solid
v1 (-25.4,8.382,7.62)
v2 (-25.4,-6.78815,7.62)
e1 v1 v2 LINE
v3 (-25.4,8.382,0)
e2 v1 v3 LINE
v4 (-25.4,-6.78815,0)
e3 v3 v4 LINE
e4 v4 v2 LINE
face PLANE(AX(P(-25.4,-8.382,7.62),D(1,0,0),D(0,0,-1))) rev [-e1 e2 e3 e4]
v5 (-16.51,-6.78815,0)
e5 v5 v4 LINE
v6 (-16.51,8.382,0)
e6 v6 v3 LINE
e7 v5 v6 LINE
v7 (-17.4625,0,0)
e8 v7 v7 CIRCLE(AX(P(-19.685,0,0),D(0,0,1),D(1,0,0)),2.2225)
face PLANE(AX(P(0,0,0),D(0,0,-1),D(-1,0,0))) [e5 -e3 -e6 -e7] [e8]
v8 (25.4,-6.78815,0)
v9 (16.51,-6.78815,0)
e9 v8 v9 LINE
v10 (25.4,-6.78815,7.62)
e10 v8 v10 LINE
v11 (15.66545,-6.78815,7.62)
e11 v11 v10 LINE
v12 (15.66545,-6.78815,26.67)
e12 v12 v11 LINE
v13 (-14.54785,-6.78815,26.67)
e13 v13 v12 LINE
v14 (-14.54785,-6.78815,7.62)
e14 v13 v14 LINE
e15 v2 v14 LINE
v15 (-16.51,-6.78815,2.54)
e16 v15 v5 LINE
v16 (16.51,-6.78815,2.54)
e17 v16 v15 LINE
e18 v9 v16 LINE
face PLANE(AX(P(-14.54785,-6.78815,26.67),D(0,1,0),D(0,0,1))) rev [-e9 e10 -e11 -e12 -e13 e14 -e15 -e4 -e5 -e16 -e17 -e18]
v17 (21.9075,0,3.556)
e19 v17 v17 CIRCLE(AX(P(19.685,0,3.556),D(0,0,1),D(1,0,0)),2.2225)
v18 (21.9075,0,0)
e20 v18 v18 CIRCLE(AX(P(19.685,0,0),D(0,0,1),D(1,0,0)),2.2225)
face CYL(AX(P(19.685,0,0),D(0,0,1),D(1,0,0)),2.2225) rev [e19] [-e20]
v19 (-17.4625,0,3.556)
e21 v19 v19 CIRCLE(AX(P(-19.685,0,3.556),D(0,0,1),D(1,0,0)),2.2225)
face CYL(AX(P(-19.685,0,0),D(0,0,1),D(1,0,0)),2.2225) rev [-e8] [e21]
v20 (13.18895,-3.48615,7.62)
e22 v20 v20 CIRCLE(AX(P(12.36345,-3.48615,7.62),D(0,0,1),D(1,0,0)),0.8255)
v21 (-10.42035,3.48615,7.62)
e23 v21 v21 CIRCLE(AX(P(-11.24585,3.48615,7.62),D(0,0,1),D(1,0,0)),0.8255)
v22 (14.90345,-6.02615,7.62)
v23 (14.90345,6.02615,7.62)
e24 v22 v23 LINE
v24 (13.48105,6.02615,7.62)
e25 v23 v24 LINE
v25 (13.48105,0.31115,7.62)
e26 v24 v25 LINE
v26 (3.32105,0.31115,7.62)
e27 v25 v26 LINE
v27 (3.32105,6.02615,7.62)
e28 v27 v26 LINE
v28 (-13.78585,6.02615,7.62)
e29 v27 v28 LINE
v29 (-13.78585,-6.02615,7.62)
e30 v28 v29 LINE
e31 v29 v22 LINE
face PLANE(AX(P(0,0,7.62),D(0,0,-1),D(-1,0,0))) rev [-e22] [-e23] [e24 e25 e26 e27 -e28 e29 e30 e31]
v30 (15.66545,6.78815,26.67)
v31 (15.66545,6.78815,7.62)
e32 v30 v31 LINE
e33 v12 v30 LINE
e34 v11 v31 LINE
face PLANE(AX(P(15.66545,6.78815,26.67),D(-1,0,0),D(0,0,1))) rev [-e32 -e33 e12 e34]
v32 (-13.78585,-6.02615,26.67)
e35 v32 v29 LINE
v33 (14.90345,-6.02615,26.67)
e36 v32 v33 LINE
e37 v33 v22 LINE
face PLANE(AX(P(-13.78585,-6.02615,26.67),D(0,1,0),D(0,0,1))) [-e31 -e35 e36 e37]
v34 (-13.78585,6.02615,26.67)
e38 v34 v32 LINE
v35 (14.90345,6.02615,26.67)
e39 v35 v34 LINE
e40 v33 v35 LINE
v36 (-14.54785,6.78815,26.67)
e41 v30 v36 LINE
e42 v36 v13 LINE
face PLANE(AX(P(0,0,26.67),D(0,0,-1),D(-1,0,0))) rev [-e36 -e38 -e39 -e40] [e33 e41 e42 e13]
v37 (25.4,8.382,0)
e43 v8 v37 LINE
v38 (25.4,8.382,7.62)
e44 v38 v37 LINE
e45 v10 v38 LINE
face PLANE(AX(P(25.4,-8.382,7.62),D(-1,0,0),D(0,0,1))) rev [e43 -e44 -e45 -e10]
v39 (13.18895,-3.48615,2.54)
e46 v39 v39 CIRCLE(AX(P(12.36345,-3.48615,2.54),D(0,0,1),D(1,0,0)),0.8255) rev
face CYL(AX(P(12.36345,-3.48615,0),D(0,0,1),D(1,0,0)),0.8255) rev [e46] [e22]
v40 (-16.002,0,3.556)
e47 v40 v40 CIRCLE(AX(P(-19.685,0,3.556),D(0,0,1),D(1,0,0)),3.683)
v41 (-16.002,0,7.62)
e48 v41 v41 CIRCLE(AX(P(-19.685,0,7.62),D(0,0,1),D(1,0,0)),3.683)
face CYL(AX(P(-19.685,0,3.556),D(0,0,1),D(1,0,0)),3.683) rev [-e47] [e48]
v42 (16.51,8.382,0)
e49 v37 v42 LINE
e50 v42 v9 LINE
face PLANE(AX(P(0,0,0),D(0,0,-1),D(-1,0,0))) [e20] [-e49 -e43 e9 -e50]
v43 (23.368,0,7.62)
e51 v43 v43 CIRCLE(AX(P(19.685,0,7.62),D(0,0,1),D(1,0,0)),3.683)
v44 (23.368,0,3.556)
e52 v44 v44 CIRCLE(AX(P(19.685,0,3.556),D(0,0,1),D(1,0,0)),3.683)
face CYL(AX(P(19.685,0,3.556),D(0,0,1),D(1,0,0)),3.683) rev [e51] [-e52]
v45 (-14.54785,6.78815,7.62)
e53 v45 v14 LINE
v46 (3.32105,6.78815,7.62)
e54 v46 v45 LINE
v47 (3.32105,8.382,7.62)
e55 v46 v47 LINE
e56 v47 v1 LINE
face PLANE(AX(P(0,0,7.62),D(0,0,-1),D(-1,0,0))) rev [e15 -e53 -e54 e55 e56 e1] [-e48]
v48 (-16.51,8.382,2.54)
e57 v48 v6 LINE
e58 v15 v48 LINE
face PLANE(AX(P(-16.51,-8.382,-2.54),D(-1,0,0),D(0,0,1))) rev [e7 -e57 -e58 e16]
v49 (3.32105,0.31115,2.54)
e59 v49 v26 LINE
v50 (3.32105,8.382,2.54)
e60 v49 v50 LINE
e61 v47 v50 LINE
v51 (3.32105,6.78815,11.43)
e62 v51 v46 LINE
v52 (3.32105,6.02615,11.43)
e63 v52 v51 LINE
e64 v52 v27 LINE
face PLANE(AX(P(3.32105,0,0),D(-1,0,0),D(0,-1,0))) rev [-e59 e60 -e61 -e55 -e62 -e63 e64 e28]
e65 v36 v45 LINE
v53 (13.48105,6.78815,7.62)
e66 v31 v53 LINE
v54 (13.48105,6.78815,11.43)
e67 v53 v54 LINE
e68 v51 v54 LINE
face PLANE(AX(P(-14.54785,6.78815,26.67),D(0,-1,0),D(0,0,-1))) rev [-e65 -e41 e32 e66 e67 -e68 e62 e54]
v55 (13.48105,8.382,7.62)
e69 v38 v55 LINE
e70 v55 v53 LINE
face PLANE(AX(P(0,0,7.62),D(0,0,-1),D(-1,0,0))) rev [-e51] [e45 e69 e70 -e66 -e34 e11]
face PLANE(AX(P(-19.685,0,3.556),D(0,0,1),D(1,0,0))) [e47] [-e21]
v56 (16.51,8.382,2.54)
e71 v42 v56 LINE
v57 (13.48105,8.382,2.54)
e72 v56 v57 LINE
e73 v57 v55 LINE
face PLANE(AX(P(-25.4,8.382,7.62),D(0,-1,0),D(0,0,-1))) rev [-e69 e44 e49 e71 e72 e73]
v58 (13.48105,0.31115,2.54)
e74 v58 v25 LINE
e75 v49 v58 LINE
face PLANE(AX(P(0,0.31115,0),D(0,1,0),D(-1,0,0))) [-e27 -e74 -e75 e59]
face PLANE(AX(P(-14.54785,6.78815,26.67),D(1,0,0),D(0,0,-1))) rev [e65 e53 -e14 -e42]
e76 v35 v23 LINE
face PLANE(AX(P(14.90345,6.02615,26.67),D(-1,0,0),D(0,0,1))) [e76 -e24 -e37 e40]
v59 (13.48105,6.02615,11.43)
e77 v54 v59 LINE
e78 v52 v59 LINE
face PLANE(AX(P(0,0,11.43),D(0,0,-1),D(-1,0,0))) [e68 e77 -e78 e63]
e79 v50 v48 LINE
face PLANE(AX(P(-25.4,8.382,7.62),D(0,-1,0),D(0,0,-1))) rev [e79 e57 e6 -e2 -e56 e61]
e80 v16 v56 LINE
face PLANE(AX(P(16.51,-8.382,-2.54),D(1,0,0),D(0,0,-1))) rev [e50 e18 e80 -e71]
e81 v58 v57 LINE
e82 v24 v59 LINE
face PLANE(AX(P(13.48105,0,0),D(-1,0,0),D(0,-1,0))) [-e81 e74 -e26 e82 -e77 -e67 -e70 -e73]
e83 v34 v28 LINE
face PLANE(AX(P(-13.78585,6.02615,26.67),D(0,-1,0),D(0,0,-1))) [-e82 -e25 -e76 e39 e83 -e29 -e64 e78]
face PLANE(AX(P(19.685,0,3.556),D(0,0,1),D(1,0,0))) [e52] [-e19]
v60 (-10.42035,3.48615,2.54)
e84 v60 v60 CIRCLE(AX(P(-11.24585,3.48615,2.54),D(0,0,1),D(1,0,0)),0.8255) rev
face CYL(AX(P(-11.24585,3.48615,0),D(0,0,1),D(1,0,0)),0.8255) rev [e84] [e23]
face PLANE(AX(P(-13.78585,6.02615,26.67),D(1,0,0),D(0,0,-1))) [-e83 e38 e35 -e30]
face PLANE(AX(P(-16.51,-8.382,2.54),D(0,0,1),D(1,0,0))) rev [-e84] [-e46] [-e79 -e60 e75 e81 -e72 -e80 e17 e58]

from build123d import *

# Parameters (mm, degrees)
SKETCH4_W               = 50.8
SKETCH4_H               = 16.764
BOSS_EXTRUDE1_DEPTH     = 7.62
SKETCH5_R               = 0.8255
SKETCH5_W               = 10.16
SKETCH5_H               = 5.08
CUT_EXTRUDE1_DEPTH      = 7.62
SKETCH6_R               = 3.683
SKETCH6_R_2             = 2.2225
CUT_EXTRUDE2_DEPTH      = 4.064
SKETCH6_2_R             = 2.2225
CUT_EXTRUDE3_DEPTH      = 7.62
SKETCH7_W               = 33.02
SKETCH7_H               = 5.08
CUT_EXTRUDE4_DEPTH      = 1
CUT_EXTRUDE4_DEPTH_BACK = 17.764
SKETCH8_W               = 10.16
SKETCH8_H               = 2.54
CUT_EXTRUDE5_DEPTH      = 4.064
SKETCH9_W               = 30.2133
SKETCH9_H               = 13.5763
SKETCH9_W_2             = 28.6893
SKETCH9_H_2             = 12.0523
BOSS_EXTRUDE4_DEPTH     = 19.05
SKETCH12_W              = 10.16
SKETCH12_H              = 2.99085
CUT_EXTRUDE6_DEPTH      = 6.35
SKETCH13_W              = 50.8
SKETCH13_H              = 1.59385
CUT_EXTRUDE7_DEPTH      = 20.05
CUT_EXTRUDE7_DEPTH_BACK = 8.62


with BuildPart() as part:
    # Sketch4 → Boss-Extrude1 (new body)
    with BuildSketch(Plane.XY):
        Rectangle(SKETCH4_W, SKETCH4_H)
    extrude(amount=BOSS_EXTRUDE1_DEPTH)

    # Sketch5 → Cut-Extrude1 (cut)
    with BuildSketch(Plane.XY.offset(7.62)):
        with Locations((-11.24585, 3.48615)):
            Circle(SKETCH5_R)
        with Locations((12.36345, -3.48615)):
            Circle(SKETCH5_R)
        with Locations((8.40105, 2.85115)):
            Rectangle(SKETCH5_W, SKETCH5_H)
    extrude(amount=-CUT_EXTRUDE1_DEPTH, mode=Mode.SUBTRACT)

    # Sketch6 → Cut-Extrude2 (cut)
    with BuildSketch(Plane.XY.offset(7.62)):
        with Locations((-19.685, 0)):
            Circle(SKETCH6_R)
        with Locations((-19.685, 0)):
            Circle(SKETCH6_R_2, mode=Mode.SUBTRACT)
        with Locations((19.685, 0)):
            Circle(SKETCH6_R)
        with Locations((19.685, 0)):
            Circle(SKETCH6_R_2, mode=Mode.SUBTRACT)
    extrude(amount=-CUT_EXTRUDE2_DEPTH, mode=Mode.SUBTRACT)

    # Sketch6_2 → Cut-Extrude3 (cut)
    with BuildSketch(Plane.XY.offset(7.62)):
        with Locations((-19.685, 0)):
            Circle(SKETCH6_2_R)
        with Locations((19.685, 0)):
            Circle(SKETCH6_2_R)
    extrude(amount=-CUT_EXTRUDE3_DEPTH, mode=Mode.SUBTRACT)

    # Sketch7 → Cut-Extrude4 (cut, two sides)
    with BuildSketch(Plane(origin=(0, 8.382, 0), x_dir=(1, 0, 0), z_dir=(0, 1, 0))) as cut_extrude4_sk:
        Rectangle(SKETCH7_W, SKETCH7_H)
    extrude(amount=CUT_EXTRUDE4_DEPTH, mode=Mode.SUBTRACT)
    extrude(cut_extrude4_sk.sketch, amount=-CUT_EXTRUDE4_DEPTH_BACK, mode=Mode.SUBTRACT)

    # Sketch8 → Cut-Extrude5 (cut)
    with BuildSketch(Plane.XZ.offset(-5.39115)):
        with Locations((8.40105, 3.81)):
            Rectangle(SKETCH8_W, SKETCH8_H)
    extrude(amount=-CUT_EXTRUDE5_DEPTH, mode=Mode.SUBTRACT)

    # Sketch9 → Boss-Extrude4 (add)
    with BuildSketch(Plane.XY.offset(7.62)):
        with Locations((0.5588, 0)):
            Rectangle(SKETCH9_W, SKETCH9_H)
        with Locations((0.5588, 0)):
            Rectangle(SKETCH9_W_2, SKETCH9_H_2, mode=Mode.SUBTRACT)
    extrude(amount=BOSS_EXTRUDE4_DEPTH)

    # Sketch12 → Cut-Extrude6 (cut)
    with BuildSketch(Plane(origin=(0, 0, 5.08), x_dir=(-1, 0, 0), z_dir=(0, 0, -1))):
        with Locations((-8.40105, 6.886575)):
            Rectangle(SKETCH12_W, SKETCH12_H)
    extrude(amount=-CUT_EXTRUDE6_DEPTH, mode=Mode.SUBTRACT)

    # Sketch13 → Cut-Extrude7 (cut, two sides)
    with BuildSketch(Plane.XY.offset(7.62)) as cut_extrude7_sk:
        with Locations((0, -7.585075)):
            Rectangle(SKETCH13_W, SKETCH13_H)
    extrude(amount=CUT_EXTRUDE7_DEPTH, mode=Mode.SUBTRACT)
    extrude(cut_extrude7_sk.sketch, amount=-CUT_EXTRUDE7_DEPTH_BACK, mode=Mode.SUBTRACT)


solid = part.part
